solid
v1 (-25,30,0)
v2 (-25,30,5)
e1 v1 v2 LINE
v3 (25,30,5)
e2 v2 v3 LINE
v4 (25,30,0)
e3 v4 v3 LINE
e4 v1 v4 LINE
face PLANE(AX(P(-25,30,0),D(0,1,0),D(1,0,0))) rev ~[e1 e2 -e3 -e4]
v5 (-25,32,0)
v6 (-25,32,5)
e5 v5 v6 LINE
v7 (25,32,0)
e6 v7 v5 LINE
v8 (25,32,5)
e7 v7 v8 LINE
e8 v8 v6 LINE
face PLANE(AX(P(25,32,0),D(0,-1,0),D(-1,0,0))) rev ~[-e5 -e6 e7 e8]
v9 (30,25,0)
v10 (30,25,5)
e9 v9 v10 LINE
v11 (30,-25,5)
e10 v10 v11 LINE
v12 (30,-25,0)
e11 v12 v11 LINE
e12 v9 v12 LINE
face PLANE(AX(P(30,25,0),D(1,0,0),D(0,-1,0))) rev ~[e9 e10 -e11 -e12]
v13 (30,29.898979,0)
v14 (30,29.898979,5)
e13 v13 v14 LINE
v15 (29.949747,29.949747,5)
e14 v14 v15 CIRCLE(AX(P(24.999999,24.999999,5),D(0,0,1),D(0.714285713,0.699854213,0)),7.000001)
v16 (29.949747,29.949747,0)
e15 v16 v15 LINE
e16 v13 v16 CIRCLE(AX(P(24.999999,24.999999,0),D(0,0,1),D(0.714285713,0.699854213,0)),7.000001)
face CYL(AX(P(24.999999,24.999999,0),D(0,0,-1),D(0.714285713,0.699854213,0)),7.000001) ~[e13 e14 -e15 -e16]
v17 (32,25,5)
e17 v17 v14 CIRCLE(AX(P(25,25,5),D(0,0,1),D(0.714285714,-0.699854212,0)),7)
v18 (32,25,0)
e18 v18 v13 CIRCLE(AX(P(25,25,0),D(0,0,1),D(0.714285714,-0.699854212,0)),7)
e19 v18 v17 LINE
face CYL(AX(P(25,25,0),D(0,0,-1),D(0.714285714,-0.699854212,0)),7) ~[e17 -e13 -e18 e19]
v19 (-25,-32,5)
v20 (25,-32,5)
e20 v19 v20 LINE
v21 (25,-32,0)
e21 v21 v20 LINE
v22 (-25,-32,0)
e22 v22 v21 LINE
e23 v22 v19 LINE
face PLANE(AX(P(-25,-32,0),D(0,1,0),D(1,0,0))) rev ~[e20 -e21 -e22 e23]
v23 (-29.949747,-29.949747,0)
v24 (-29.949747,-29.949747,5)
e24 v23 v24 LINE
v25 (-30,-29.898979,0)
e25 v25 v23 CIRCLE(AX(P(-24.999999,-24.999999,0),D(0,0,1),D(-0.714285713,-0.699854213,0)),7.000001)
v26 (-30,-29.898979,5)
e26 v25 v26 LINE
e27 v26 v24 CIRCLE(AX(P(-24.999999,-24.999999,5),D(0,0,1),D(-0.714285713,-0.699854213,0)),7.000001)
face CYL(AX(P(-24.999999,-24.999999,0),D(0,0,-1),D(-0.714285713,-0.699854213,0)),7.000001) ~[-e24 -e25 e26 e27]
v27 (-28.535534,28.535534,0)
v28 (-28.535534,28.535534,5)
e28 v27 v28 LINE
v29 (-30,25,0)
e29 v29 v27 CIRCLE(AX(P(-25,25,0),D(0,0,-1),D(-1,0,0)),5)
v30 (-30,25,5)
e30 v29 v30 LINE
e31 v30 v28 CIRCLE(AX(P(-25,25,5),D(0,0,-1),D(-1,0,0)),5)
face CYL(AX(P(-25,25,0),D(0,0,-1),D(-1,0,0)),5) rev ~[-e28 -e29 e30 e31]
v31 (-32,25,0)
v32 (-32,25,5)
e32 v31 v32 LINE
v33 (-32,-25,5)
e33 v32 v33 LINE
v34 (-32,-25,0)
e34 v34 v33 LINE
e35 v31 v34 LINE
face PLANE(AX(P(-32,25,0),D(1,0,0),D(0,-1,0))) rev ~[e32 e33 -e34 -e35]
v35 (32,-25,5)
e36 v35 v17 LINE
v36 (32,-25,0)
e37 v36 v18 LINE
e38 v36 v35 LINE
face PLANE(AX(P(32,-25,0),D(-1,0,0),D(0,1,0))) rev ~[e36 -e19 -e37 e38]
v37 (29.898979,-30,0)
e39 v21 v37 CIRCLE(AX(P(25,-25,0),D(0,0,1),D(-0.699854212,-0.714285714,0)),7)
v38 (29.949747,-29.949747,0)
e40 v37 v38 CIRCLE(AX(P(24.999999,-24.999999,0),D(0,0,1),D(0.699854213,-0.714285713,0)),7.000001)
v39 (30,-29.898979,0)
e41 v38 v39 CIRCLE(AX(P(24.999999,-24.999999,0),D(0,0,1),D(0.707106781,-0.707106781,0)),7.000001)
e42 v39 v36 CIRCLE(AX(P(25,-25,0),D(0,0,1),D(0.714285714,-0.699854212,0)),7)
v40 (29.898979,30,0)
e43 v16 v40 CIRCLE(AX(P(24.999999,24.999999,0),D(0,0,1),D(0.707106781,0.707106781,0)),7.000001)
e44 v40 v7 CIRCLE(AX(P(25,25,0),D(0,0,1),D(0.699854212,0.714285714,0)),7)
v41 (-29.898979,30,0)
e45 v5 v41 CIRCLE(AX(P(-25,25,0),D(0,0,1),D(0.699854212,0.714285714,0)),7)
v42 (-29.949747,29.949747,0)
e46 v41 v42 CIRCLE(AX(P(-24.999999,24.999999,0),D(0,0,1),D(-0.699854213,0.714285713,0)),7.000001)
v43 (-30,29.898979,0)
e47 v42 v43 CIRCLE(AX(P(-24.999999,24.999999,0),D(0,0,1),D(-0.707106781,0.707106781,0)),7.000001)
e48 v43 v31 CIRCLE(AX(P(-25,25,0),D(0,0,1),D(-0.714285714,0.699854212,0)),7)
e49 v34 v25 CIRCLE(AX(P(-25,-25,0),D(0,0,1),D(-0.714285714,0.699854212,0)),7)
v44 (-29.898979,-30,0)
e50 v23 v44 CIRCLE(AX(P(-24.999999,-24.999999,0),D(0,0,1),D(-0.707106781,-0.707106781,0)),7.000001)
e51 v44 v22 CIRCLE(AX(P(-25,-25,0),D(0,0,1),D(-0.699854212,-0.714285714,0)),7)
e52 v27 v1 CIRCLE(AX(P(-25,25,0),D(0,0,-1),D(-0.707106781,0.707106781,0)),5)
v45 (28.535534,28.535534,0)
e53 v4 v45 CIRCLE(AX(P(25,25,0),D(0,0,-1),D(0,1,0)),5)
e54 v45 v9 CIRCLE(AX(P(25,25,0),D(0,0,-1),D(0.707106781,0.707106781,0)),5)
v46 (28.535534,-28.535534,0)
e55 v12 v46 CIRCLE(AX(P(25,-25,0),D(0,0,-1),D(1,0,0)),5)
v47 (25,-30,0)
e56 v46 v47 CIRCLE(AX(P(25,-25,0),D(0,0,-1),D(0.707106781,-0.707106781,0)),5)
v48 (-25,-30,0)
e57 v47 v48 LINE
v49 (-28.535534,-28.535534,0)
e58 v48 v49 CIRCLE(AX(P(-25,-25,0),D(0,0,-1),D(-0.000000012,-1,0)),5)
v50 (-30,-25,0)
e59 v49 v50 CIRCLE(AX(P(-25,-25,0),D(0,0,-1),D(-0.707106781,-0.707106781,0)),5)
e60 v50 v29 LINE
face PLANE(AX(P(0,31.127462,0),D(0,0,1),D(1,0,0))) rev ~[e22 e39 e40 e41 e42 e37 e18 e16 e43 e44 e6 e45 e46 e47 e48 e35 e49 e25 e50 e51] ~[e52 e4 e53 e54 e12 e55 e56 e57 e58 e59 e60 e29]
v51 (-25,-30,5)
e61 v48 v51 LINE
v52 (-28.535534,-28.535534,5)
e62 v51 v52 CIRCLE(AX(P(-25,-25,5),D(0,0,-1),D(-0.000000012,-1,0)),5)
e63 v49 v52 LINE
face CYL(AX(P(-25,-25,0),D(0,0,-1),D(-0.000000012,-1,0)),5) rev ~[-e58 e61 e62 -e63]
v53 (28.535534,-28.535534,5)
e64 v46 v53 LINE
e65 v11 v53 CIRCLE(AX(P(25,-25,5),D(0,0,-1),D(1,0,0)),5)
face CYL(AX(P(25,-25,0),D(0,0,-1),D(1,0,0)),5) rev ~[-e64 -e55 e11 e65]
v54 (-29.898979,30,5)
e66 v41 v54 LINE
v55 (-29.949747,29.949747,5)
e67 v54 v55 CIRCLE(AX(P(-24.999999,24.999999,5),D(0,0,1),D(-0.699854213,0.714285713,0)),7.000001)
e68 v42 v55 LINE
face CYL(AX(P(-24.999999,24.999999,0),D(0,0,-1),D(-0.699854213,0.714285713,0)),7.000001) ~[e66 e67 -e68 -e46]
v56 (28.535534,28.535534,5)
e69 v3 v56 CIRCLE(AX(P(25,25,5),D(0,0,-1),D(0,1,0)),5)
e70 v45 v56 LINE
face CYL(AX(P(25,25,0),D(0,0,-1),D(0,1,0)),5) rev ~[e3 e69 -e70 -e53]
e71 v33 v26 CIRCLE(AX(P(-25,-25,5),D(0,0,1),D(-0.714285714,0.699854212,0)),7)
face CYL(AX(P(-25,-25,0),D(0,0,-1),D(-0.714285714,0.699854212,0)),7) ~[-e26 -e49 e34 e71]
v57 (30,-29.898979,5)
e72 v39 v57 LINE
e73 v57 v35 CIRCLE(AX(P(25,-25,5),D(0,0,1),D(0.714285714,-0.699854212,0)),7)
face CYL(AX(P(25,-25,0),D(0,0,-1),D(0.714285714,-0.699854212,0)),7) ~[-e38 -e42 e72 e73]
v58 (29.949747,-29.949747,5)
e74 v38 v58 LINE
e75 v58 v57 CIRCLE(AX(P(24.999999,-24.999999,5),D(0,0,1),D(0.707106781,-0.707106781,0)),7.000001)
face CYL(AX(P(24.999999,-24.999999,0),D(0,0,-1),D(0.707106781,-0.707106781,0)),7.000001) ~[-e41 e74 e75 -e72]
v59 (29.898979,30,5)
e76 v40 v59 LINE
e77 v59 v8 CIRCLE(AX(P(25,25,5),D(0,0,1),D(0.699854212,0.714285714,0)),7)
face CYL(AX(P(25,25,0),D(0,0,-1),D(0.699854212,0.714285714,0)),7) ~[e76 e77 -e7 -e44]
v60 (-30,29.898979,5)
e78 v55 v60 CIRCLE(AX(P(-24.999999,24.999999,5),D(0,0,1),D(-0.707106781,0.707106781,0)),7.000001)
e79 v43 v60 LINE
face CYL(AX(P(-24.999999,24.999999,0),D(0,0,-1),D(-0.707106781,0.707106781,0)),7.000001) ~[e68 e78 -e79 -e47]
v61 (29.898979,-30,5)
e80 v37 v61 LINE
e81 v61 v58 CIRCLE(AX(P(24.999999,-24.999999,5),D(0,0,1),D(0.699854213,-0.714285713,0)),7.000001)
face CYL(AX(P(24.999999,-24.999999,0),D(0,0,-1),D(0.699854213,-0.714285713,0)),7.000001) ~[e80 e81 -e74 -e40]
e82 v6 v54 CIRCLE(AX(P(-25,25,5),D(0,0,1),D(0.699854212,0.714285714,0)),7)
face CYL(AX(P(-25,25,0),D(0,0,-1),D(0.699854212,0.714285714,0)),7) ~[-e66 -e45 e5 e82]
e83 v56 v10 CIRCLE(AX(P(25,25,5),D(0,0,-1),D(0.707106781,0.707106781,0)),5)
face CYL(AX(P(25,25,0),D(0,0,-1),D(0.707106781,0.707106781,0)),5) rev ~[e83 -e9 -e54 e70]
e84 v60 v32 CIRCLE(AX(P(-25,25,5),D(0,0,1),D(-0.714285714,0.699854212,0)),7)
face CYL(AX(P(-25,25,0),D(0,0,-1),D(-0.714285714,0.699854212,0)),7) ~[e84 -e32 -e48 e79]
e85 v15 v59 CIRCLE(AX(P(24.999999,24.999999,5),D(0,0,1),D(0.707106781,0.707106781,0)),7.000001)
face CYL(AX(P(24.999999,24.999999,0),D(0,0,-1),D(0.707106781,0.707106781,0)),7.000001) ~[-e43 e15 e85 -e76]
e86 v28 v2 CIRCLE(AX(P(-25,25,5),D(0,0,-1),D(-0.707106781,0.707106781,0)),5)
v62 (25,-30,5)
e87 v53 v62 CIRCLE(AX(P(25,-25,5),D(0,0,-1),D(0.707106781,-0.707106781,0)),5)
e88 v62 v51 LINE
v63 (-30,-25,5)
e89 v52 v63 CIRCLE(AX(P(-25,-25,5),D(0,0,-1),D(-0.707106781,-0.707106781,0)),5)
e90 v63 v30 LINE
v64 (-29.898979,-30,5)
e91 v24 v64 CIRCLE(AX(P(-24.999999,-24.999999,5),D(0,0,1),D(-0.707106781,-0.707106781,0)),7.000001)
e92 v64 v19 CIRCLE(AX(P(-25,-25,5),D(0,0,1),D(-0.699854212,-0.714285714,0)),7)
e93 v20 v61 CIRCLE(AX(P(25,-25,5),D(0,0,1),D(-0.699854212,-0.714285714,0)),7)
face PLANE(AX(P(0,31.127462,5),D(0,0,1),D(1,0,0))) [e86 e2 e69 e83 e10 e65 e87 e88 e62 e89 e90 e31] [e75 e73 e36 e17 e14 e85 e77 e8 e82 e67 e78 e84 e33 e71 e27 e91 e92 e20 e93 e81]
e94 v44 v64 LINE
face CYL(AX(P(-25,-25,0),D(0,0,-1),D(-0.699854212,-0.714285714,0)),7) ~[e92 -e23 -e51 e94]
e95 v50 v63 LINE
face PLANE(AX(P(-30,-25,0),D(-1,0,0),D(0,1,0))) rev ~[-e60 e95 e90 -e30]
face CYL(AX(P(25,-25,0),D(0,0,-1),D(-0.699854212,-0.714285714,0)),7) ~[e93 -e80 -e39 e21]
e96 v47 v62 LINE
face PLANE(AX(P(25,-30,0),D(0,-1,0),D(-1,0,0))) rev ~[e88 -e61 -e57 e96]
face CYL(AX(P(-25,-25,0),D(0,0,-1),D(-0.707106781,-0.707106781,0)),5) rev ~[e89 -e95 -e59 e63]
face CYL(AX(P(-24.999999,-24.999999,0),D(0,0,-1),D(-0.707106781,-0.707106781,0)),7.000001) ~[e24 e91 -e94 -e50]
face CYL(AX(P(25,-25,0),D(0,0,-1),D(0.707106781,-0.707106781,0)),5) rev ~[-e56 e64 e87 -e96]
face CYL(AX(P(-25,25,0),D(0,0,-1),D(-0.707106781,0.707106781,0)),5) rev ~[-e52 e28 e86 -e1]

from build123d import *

# Parameters (mm, degrees)
F1_DEPTH = 5


with BuildPart() as f1:
    # F0 (on Top) → F1 (new body)
    with BuildSketch(Plane.XY):
        with BuildLine():
            ThreePointArc((20.1010205144, 30), (22.3542486889, 31.4807406984), (25, 32))
            Line((25, 32), (-25, 32))
            ThreePointArc((-25, 32), (-22.3542486889, 31.4807406984), (-20.1010205144, 30))
            Line((-20.1010205144, 30), (20.1010205144, 30))
        make_face()
        with BuildLine():
            Line((-25, -32), (25, -32))
            ThreePointArc((25, -32), (22.3542486889, -31.4807406984), (20.1010205144, -30))
            Line((20.1010205144, -30), (-20.1010205144, -30))
            ThreePointArc((-20.1010205144, -30), (-22.3542486889, -31.4807406984), (-25, -32))
        make_face()
        with BuildLine():
            Line((32, -25), (32, 25))
            ThreePointArc((32, 25), (31.4807406984, 22.3542486889), (30, 20.1010205144))
            Line((30, 20.1010205144), (30, -20.1010205144))
            ThreePointArc((30, -20.1010205144), (31.4807406984, -22.3542486889), (32, -25))
        make_face()
        with BuildLine():
            ThreePointArc((-30, 20.1010205144), (-31.4807406984, 22.3542486889), (-32, 25))
            Line((-32, 25), (-32, -25))
            ThreePointArc((-32, -25), (-31.4807406984, -22.3542486889), (-30, -20.1010205144))
            Line((-30, -20.1010205144), (-30, 20.1010205144))
        make_face()
        with BuildLine():
            Line((25, 30), (29.8989794856, 30))
            ThreePointArc((29.8989794856, 30), (27.6457513111, 31.4807406984), (25, 32))
            ThreePointArc((25, 32), (22.3542486889, 31.4807406984), (20.1010205144, 30))
            Line((20.1010205144, 30), (25, 30))
        make_face()
        with BuildLine():
            ThreePointArc((-20.1010205144, 30), (-22.3542486889, 31.4807406984), (-25, 32))
            ThreePointArc((-25, 32), (-27.6457513111, 31.4807406984), (-29.8989794856, 30))
            Line((-29.8989794856, 30), (-24.9999999811, 30))
            Line((-24.9999999811, 30), (-20.1010205144, 30))
        make_face()
        with BuildLine():
            ThreePointArc((20.1010205144, -30), (22.3542486889, -31.4807406984), (25, -32))
            ThreePointArc((25, -32), (27.6457513111, -31.4807406984), (29.8989794856, -30))
            Line((29.8989794856, -30), (25, -30))
            Line((25, -30), (20.1010205144, -30))
        make_face()
        with BuildLine():
            ThreePointArc((-29.8989794856, -30), (-27.6457513111, -31.4807406984), (-25, -32))
            ThreePointArc((-25, -32), (-22.3542486889, -31.4807406984), (-20.1010205144, -30))
            Line((-20.1010205144, -30), (-25.0000000611, -30))
            Line((-25.0000000611, -30), (-29.8989794856, -30))
        make_face()
        with BuildLine():
            ThreePointArc((32, 25), (31.4807406984, 27.6457513111), (30, 29.8989794856))
            Line((30, 29.8989794856), (30, 25))
            Line((30, 25), (30, 20.1010205144))
            ThreePointArc((30, 20.1010205144), (31.4807406984, 22.3542486889), (32, 25))
        make_face()
        with BuildLine():
            ThreePointArc((30, -29.8989794856), (31.4807406984, -27.6457513111), (32, -25))
            ThreePointArc((32, -25), (31.4807406984, -22.3542486889), (30, -20.1010205144))
            Line((30, -20.1010205144), (30, -25))
            Line((30, -25), (30, -29.8989794856))
        make_face()
        with BuildLine():
            ThreePointArc((-30, 29.8989794856), (-31.4807406984, 27.6457513111), (-32, 25))
            ThreePointArc((-32, 25), (-31.4807406984, 22.3542486889), (-30, 20.1010205144))
            Line((-30, 20.1010205144), (-30, 25))
            Line((-30, 25), (-30, 29.8989794856))
        make_face()
        with BuildLine():
            ThreePointArc((-30, -20.1010205144), (-31.4807406984, -22.3542486889), (-32, -25))
            ThreePointArc((-32, -25), (-31.4807406984, -27.6457513111), (-30, -29.8989794856))
            Line((-30, -29.8989794856), (-30, -25))
            Line((-30, -25), (-30, -20.1010205144))
        make_face()
        with BuildLine():
            Line((-28.5355339059, 28.5355339059), (-29.9497474683, 29.9497474683))
            ThreePointArc((-29.9497474683, 29.9497474683), (-29.9749384939, 29.9244275791), (-30, 29.8989794856))
            Line((-30, 29.8989794856), (-30, 25))
            ThreePointArc((-30, 25), (-29.6193976626, 26.9134171618), (-28.5355339059, 28.5355339059))
        make_face()
        with BuildLine():
            ThreePointArc((29.9497474683, 29.9497474683), (29.9244275791, 29.9749384939), (29.8989794856, 30))
            Line((29.8989794856, 30), (25, 30))
            ThreePointArc((25, 30), (26.9134171618, 29.6193976626), (28.5355339059, 28.5355339059))
            Line((28.5355339059, 28.5355339059), (29.9497474683, 29.9497474683))
        make_face()
        with BuildLine():
            Line((30, 25), (30, 29.8989794856))
            ThreePointArc((30, 29.8989794856), (29.9749384939, 29.9244275791), (29.9497474683, 29.9497474683))
            Line((29.9497474683, 29.9497474683), (28.5355339059, 28.5355339059))
            ThreePointArc((28.5355339059, 28.5355339059), (29.6193976626, 26.9134171618), (30, 25))
        make_face()
        with BuildLine():
            ThreePointArc((29.9497474683, -29.9497474683), (29.9749384939, -29.9244275791), (30, -29.8989794856))
            Line((30, -29.8989794856), (30, -25))
            ThreePointArc((30, -25), (29.6193976626, -26.9134171618), (28.5355339059, -28.5355339059))
            Line((28.5355339059, -28.5355339059), (29.9497474683, -29.9497474683))
        make_face()
        with BuildLine():
            ThreePointArc((29.8989794856, -30), (29.9244275791, -29.9749384939), (29.9497474683, -29.9497474683))
            Line((29.9497474683, -29.9497474683), (28.5355339059, -28.5355339059))
            ThreePointArc((28.5355339059, -28.5355339059), (26.9134171618, -29.6193976626), (25, -30))
            Line((25, -30), (29.8989794856, -30))
        make_face()
        with BuildLine():
            ThreePointArc((-29.9497474683, -29.9497474683), (-29.9244275791, -29.9749384939), (-29.8989794856, -30))
            Line((-29.8989794856, -30), (-25.0000000611, -30))
            ThreePointArc((-25.0000000611, -30), (-26.91341719, -29.6193976509), (-28.5355339059, -28.5355339059))
            Line((-28.5355339059, -28.5355339059), (-29.9497474683, -29.9497474683))
        make_face()
        with BuildLine():
            Line((-30, -25), (-30, -29.8989794856))
            ThreePointArc((-30, -29.8989794856), (-29.9749384939, -29.9244275791), (-29.9497474683, -29.9497474683))
            Line((-29.9497474683, -29.9497474683), (-28.5355339059, -28.5355339059))
            ThreePointArc((-28.5355339059, -28.5355339059), (-29.6193976626, -26.9134171618), (-30, -25))
        make_face()
        with BuildLine():
            Line((-24.9999999811, 30), (-29.8989794856, 30))
            ThreePointArc((-29.8989794856, 30), (-29.9244275791, 29.9749384939), (-29.9497474683, 29.9497474683))
            Line((-29.9497474683, 29.9497474683), (-28.5355339059, 28.5355339059))
            ThreePointArc((-28.5355339059, 28.5355339059), (-26.9134171531, 29.6193976662), (-24.9999999811, 30))
        make_face()
    extrude(amount=F1_DEPTH)


solid = f1.part
